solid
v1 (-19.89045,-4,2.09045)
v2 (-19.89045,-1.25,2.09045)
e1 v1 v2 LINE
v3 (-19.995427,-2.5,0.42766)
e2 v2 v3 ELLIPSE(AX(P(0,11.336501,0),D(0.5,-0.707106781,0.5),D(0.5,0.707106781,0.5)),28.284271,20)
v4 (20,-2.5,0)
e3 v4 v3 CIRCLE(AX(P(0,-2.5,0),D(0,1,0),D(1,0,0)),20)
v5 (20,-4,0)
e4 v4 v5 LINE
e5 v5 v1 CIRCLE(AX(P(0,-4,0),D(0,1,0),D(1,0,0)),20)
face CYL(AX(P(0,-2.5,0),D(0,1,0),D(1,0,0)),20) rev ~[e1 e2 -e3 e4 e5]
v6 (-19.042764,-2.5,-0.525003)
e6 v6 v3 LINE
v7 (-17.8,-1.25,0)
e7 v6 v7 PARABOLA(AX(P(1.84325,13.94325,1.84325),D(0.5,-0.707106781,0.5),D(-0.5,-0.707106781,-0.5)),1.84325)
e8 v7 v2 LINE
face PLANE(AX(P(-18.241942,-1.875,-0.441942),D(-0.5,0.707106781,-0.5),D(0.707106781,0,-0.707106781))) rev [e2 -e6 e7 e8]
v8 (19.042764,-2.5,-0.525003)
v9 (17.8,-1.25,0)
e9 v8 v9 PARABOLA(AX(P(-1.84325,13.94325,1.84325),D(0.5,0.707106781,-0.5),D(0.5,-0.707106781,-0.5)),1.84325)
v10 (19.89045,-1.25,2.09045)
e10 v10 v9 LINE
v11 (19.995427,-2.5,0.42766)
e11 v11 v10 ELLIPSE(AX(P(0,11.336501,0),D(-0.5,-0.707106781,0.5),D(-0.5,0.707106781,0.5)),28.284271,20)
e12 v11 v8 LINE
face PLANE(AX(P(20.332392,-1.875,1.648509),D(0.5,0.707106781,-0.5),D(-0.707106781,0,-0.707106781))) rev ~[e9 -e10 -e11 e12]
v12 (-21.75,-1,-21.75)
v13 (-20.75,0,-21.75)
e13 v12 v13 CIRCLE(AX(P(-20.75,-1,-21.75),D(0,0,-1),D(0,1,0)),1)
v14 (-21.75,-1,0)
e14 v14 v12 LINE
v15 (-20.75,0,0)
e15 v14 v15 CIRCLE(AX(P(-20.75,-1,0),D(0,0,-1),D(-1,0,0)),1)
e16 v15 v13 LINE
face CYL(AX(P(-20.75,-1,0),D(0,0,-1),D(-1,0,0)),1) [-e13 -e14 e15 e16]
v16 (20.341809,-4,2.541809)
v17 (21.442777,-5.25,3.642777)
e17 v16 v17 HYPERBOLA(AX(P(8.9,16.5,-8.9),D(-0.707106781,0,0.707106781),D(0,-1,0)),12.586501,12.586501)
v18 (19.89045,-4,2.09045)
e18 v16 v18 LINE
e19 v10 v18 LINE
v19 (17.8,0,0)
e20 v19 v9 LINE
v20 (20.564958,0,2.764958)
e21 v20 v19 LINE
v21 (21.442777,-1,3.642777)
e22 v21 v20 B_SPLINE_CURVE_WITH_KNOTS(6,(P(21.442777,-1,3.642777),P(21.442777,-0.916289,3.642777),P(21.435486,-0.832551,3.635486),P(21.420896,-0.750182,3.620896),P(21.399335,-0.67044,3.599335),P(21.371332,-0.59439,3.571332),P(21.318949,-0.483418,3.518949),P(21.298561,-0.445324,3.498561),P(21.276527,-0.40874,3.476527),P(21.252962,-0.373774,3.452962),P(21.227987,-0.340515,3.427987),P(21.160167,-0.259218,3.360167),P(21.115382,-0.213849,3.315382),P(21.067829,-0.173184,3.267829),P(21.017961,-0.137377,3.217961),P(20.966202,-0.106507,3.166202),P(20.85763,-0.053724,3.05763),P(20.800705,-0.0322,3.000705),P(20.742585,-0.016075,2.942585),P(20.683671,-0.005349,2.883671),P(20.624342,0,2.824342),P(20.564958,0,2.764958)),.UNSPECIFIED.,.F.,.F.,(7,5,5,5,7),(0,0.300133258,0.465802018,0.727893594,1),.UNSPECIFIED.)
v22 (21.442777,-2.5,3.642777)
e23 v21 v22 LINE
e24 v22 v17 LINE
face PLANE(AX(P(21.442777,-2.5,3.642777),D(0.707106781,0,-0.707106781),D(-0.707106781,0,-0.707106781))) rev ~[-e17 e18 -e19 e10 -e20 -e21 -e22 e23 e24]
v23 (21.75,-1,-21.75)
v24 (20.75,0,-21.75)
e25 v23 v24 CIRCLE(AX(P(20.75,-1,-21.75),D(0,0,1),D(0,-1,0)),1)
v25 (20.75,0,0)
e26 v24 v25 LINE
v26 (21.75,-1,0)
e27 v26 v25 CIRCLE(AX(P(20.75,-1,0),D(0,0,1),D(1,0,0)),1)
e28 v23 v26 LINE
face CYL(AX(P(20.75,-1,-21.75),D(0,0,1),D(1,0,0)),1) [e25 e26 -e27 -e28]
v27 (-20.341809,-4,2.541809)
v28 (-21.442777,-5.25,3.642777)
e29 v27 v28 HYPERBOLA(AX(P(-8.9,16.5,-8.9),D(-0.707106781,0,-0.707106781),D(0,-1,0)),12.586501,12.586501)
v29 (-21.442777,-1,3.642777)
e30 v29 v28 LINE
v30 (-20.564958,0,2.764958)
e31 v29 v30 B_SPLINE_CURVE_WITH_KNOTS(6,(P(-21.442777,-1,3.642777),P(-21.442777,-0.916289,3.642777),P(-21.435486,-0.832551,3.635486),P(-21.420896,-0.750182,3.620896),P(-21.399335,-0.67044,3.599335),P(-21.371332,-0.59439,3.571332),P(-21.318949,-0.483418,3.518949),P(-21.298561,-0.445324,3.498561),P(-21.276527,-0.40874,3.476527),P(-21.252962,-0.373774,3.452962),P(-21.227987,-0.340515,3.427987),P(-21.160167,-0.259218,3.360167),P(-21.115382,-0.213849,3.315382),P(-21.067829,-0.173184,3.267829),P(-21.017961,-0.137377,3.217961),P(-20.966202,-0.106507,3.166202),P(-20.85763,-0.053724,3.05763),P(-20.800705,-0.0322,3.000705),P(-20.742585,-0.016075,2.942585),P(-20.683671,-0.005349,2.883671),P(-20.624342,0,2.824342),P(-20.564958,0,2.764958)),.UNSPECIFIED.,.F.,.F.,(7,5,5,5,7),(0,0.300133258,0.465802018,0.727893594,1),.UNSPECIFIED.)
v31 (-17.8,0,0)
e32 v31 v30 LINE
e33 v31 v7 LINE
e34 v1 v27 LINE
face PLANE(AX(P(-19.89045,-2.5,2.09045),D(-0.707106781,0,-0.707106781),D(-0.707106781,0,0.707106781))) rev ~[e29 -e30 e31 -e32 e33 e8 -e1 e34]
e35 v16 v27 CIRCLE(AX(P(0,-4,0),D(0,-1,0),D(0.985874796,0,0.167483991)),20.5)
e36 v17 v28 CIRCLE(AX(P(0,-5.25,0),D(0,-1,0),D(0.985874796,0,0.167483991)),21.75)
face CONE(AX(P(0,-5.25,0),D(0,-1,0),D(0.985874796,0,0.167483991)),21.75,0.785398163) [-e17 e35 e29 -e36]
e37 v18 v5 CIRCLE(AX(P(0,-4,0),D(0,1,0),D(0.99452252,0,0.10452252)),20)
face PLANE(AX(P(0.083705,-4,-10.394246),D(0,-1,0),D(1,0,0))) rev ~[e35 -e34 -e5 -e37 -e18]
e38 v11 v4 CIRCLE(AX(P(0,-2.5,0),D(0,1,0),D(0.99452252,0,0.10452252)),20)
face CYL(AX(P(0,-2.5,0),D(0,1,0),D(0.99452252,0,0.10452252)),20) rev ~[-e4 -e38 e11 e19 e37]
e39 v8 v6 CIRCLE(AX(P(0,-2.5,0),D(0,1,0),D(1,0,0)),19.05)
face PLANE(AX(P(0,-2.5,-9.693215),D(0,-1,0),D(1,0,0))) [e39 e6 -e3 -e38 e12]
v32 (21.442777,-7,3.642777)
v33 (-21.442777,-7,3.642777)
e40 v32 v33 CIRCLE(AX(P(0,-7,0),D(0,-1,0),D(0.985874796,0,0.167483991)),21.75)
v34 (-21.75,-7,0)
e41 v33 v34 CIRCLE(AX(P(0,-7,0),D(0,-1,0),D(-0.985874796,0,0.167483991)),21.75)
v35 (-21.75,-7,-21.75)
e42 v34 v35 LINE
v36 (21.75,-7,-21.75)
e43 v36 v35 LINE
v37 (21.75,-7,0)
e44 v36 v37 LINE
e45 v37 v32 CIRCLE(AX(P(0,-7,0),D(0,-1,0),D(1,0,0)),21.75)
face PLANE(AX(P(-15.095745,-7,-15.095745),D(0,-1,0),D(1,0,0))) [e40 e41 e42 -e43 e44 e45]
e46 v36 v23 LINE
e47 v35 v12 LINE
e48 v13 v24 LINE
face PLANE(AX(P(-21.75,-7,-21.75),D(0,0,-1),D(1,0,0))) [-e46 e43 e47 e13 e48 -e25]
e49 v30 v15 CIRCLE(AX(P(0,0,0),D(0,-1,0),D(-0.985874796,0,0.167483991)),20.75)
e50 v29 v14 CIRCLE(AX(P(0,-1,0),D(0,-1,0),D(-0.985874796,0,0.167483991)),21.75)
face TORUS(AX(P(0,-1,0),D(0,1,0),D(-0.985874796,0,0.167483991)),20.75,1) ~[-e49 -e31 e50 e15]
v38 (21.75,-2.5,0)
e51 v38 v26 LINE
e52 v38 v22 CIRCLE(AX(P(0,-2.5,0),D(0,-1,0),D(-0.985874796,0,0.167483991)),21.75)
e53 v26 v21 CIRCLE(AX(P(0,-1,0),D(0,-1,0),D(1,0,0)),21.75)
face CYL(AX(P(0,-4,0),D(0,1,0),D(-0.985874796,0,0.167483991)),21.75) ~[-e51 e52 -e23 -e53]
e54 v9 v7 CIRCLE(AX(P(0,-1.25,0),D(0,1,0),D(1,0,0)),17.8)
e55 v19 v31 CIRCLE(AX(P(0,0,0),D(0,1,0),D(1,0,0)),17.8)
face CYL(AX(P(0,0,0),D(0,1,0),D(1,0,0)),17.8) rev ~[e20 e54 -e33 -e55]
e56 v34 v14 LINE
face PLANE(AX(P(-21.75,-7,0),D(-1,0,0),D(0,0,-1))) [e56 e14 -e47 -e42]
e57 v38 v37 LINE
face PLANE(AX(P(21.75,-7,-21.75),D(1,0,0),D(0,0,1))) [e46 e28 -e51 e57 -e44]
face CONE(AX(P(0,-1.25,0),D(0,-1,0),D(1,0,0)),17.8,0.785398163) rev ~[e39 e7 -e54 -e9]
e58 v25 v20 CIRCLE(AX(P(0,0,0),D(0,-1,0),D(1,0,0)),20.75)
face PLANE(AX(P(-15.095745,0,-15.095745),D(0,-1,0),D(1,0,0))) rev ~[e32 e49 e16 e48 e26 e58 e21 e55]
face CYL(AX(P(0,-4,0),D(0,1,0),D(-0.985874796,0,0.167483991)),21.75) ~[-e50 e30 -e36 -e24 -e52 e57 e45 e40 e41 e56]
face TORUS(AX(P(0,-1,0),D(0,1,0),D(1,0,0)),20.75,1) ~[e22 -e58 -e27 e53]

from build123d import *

# Parameters (mm, degrees)
F1_DEPTH = 2.5
F3_DEPTH = 1.5
F5_DEPTH = 3
F7_DEPTH = 7
F8_SIZE  = 1.25
F9_R     = 1


with BuildPart() as f1:
    # F0 (on Front) → F1 (new body)
    with BuildSketch(Plane.XZ):
        with BuildLine():
            ThreePointArc((17.8, 0), (0, -17.8), (-17.8, 0))
            Line((-17.8, 0), (-21.4427768058, 3.6427768058))
            ThreePointArc((-21.4427768058, 3.6427768058), (0, -21.75), (21.4427768058, 3.6427768058))
            Line((21.4427768058, 3.6427768058), (17.8, 0))
        make_face()
    extrude(amount=F1_DEPTH)

    # F2 (on face) → F3 (join)
    with BuildSketch(Plane.XZ.offset(2.5)):
        with BuildLine():
            ThreePointArc((-21.4427768058, 3.6427768058), (-1.8278545448, -21.6730581082), (21.75, 0))
            ThreePointArc((21.75, 0), (21.6730581082, 1.8278545448), (21.4427768058, 3.6427768058))
            Line((21.4427768058, 3.6427768058), (19.8904504002, 2.0904504002))
            ThreePointArc((19.8904504002, 2.0904504002), (19.9725938226, 1.0466594468), (20, 0))
            ThreePointArc((20, 0), (-1.0466594468, -19.9725938226), (-19.8904504002, 2.0904504002))
            Line((-19.8904504002, 2.0904504002), (-21.4427768058, 3.6427768058))
        make_face()
    extrude(amount=F3_DEPTH)

    # F4 (on face) → F5 (join)
    with BuildSketch(Plane.XZ.offset(4)):
        with BuildLine():
            ThreePointArc((-21.4427768058, 3.6427768058), (-1.8278545448, -21.6730581082), (21.75, 0))
            ThreePointArc((21.75, 0), (21.6730581082, 1.8278545448), (21.4427768058, 3.6427768058))
            Line((21.4427768058, 3.6427768058), (19.8904504002, 2.0904504002))
            ThreePointArc((19.8904504002, 2.0904504002), (0, -20), (-19.8904504002, 2.0904504002))
            Line((-19.8904504002, 2.0904504002), (-21.4427768058, 3.6427768058))
        make_face()
        with BuildLine():
            Line((19.8904504002, 2.0904504002), (21.4427768058, 3.6427768058))
            ThreePointArc((21.4427768058, 3.6427768058), (0, 21.75), (-21.4427768058, 3.6427768058))
            Line((-21.4427768058, 3.6427768058), (-19.8904504002, 2.0904504002))
            ThreePointArc((-19.8904504002, 2.0904504002), (0, -20), (19.8904504002, 2.0904504002))
        make_face()
    extrude(amount=F5_DEPTH)

    # F6 (on face) → F7 (join, through all)
    with BuildSketch(Plane.XZ.offset(7)):
        with BuildLine():
            ThreePointArc((-6.4e-09, -21.75), (-15.3795724931, -15.3795724885), (-21.75, 0))
            Line((-21.75, 0), (-21.75, -21.75))
            Line((-21.75, -21.75), (-6.4e-09, -21.75))
        make_face()
        with BuildLine():
            Line((21.75, -21.75), (21.75, 0))
            ThreePointArc((21.75, 0), (15.3795724885, -15.3795724931), (-6.4e-09, -21.75))
            Line((-6.4e-09, -21.75), (21.75, -21.75))
        make_face()
    extrude(amount=-F7_DEPTH)

    # F8
    f8_edges = [f1.edges().sort_by_distance(p)[0] for p in [
        (0, -4, 21.75),
        (18.845225, -2.5, 1.045225),
        (0, -2.5, -17.8),
        (-18.845225, -2.5, 1.045225),
    ]]
    chamfer(f8_edges, length=F8_SIZE)

    # F9
    f9_edges = [f1.edges().sort_by_distance(p)[0] for p in [
        (21.75, 0, -10.875),
        (-21.75, 0, -10.875),
    ]]
    fillet(f9_edges, radius=F9_R)


solid = f1.part
